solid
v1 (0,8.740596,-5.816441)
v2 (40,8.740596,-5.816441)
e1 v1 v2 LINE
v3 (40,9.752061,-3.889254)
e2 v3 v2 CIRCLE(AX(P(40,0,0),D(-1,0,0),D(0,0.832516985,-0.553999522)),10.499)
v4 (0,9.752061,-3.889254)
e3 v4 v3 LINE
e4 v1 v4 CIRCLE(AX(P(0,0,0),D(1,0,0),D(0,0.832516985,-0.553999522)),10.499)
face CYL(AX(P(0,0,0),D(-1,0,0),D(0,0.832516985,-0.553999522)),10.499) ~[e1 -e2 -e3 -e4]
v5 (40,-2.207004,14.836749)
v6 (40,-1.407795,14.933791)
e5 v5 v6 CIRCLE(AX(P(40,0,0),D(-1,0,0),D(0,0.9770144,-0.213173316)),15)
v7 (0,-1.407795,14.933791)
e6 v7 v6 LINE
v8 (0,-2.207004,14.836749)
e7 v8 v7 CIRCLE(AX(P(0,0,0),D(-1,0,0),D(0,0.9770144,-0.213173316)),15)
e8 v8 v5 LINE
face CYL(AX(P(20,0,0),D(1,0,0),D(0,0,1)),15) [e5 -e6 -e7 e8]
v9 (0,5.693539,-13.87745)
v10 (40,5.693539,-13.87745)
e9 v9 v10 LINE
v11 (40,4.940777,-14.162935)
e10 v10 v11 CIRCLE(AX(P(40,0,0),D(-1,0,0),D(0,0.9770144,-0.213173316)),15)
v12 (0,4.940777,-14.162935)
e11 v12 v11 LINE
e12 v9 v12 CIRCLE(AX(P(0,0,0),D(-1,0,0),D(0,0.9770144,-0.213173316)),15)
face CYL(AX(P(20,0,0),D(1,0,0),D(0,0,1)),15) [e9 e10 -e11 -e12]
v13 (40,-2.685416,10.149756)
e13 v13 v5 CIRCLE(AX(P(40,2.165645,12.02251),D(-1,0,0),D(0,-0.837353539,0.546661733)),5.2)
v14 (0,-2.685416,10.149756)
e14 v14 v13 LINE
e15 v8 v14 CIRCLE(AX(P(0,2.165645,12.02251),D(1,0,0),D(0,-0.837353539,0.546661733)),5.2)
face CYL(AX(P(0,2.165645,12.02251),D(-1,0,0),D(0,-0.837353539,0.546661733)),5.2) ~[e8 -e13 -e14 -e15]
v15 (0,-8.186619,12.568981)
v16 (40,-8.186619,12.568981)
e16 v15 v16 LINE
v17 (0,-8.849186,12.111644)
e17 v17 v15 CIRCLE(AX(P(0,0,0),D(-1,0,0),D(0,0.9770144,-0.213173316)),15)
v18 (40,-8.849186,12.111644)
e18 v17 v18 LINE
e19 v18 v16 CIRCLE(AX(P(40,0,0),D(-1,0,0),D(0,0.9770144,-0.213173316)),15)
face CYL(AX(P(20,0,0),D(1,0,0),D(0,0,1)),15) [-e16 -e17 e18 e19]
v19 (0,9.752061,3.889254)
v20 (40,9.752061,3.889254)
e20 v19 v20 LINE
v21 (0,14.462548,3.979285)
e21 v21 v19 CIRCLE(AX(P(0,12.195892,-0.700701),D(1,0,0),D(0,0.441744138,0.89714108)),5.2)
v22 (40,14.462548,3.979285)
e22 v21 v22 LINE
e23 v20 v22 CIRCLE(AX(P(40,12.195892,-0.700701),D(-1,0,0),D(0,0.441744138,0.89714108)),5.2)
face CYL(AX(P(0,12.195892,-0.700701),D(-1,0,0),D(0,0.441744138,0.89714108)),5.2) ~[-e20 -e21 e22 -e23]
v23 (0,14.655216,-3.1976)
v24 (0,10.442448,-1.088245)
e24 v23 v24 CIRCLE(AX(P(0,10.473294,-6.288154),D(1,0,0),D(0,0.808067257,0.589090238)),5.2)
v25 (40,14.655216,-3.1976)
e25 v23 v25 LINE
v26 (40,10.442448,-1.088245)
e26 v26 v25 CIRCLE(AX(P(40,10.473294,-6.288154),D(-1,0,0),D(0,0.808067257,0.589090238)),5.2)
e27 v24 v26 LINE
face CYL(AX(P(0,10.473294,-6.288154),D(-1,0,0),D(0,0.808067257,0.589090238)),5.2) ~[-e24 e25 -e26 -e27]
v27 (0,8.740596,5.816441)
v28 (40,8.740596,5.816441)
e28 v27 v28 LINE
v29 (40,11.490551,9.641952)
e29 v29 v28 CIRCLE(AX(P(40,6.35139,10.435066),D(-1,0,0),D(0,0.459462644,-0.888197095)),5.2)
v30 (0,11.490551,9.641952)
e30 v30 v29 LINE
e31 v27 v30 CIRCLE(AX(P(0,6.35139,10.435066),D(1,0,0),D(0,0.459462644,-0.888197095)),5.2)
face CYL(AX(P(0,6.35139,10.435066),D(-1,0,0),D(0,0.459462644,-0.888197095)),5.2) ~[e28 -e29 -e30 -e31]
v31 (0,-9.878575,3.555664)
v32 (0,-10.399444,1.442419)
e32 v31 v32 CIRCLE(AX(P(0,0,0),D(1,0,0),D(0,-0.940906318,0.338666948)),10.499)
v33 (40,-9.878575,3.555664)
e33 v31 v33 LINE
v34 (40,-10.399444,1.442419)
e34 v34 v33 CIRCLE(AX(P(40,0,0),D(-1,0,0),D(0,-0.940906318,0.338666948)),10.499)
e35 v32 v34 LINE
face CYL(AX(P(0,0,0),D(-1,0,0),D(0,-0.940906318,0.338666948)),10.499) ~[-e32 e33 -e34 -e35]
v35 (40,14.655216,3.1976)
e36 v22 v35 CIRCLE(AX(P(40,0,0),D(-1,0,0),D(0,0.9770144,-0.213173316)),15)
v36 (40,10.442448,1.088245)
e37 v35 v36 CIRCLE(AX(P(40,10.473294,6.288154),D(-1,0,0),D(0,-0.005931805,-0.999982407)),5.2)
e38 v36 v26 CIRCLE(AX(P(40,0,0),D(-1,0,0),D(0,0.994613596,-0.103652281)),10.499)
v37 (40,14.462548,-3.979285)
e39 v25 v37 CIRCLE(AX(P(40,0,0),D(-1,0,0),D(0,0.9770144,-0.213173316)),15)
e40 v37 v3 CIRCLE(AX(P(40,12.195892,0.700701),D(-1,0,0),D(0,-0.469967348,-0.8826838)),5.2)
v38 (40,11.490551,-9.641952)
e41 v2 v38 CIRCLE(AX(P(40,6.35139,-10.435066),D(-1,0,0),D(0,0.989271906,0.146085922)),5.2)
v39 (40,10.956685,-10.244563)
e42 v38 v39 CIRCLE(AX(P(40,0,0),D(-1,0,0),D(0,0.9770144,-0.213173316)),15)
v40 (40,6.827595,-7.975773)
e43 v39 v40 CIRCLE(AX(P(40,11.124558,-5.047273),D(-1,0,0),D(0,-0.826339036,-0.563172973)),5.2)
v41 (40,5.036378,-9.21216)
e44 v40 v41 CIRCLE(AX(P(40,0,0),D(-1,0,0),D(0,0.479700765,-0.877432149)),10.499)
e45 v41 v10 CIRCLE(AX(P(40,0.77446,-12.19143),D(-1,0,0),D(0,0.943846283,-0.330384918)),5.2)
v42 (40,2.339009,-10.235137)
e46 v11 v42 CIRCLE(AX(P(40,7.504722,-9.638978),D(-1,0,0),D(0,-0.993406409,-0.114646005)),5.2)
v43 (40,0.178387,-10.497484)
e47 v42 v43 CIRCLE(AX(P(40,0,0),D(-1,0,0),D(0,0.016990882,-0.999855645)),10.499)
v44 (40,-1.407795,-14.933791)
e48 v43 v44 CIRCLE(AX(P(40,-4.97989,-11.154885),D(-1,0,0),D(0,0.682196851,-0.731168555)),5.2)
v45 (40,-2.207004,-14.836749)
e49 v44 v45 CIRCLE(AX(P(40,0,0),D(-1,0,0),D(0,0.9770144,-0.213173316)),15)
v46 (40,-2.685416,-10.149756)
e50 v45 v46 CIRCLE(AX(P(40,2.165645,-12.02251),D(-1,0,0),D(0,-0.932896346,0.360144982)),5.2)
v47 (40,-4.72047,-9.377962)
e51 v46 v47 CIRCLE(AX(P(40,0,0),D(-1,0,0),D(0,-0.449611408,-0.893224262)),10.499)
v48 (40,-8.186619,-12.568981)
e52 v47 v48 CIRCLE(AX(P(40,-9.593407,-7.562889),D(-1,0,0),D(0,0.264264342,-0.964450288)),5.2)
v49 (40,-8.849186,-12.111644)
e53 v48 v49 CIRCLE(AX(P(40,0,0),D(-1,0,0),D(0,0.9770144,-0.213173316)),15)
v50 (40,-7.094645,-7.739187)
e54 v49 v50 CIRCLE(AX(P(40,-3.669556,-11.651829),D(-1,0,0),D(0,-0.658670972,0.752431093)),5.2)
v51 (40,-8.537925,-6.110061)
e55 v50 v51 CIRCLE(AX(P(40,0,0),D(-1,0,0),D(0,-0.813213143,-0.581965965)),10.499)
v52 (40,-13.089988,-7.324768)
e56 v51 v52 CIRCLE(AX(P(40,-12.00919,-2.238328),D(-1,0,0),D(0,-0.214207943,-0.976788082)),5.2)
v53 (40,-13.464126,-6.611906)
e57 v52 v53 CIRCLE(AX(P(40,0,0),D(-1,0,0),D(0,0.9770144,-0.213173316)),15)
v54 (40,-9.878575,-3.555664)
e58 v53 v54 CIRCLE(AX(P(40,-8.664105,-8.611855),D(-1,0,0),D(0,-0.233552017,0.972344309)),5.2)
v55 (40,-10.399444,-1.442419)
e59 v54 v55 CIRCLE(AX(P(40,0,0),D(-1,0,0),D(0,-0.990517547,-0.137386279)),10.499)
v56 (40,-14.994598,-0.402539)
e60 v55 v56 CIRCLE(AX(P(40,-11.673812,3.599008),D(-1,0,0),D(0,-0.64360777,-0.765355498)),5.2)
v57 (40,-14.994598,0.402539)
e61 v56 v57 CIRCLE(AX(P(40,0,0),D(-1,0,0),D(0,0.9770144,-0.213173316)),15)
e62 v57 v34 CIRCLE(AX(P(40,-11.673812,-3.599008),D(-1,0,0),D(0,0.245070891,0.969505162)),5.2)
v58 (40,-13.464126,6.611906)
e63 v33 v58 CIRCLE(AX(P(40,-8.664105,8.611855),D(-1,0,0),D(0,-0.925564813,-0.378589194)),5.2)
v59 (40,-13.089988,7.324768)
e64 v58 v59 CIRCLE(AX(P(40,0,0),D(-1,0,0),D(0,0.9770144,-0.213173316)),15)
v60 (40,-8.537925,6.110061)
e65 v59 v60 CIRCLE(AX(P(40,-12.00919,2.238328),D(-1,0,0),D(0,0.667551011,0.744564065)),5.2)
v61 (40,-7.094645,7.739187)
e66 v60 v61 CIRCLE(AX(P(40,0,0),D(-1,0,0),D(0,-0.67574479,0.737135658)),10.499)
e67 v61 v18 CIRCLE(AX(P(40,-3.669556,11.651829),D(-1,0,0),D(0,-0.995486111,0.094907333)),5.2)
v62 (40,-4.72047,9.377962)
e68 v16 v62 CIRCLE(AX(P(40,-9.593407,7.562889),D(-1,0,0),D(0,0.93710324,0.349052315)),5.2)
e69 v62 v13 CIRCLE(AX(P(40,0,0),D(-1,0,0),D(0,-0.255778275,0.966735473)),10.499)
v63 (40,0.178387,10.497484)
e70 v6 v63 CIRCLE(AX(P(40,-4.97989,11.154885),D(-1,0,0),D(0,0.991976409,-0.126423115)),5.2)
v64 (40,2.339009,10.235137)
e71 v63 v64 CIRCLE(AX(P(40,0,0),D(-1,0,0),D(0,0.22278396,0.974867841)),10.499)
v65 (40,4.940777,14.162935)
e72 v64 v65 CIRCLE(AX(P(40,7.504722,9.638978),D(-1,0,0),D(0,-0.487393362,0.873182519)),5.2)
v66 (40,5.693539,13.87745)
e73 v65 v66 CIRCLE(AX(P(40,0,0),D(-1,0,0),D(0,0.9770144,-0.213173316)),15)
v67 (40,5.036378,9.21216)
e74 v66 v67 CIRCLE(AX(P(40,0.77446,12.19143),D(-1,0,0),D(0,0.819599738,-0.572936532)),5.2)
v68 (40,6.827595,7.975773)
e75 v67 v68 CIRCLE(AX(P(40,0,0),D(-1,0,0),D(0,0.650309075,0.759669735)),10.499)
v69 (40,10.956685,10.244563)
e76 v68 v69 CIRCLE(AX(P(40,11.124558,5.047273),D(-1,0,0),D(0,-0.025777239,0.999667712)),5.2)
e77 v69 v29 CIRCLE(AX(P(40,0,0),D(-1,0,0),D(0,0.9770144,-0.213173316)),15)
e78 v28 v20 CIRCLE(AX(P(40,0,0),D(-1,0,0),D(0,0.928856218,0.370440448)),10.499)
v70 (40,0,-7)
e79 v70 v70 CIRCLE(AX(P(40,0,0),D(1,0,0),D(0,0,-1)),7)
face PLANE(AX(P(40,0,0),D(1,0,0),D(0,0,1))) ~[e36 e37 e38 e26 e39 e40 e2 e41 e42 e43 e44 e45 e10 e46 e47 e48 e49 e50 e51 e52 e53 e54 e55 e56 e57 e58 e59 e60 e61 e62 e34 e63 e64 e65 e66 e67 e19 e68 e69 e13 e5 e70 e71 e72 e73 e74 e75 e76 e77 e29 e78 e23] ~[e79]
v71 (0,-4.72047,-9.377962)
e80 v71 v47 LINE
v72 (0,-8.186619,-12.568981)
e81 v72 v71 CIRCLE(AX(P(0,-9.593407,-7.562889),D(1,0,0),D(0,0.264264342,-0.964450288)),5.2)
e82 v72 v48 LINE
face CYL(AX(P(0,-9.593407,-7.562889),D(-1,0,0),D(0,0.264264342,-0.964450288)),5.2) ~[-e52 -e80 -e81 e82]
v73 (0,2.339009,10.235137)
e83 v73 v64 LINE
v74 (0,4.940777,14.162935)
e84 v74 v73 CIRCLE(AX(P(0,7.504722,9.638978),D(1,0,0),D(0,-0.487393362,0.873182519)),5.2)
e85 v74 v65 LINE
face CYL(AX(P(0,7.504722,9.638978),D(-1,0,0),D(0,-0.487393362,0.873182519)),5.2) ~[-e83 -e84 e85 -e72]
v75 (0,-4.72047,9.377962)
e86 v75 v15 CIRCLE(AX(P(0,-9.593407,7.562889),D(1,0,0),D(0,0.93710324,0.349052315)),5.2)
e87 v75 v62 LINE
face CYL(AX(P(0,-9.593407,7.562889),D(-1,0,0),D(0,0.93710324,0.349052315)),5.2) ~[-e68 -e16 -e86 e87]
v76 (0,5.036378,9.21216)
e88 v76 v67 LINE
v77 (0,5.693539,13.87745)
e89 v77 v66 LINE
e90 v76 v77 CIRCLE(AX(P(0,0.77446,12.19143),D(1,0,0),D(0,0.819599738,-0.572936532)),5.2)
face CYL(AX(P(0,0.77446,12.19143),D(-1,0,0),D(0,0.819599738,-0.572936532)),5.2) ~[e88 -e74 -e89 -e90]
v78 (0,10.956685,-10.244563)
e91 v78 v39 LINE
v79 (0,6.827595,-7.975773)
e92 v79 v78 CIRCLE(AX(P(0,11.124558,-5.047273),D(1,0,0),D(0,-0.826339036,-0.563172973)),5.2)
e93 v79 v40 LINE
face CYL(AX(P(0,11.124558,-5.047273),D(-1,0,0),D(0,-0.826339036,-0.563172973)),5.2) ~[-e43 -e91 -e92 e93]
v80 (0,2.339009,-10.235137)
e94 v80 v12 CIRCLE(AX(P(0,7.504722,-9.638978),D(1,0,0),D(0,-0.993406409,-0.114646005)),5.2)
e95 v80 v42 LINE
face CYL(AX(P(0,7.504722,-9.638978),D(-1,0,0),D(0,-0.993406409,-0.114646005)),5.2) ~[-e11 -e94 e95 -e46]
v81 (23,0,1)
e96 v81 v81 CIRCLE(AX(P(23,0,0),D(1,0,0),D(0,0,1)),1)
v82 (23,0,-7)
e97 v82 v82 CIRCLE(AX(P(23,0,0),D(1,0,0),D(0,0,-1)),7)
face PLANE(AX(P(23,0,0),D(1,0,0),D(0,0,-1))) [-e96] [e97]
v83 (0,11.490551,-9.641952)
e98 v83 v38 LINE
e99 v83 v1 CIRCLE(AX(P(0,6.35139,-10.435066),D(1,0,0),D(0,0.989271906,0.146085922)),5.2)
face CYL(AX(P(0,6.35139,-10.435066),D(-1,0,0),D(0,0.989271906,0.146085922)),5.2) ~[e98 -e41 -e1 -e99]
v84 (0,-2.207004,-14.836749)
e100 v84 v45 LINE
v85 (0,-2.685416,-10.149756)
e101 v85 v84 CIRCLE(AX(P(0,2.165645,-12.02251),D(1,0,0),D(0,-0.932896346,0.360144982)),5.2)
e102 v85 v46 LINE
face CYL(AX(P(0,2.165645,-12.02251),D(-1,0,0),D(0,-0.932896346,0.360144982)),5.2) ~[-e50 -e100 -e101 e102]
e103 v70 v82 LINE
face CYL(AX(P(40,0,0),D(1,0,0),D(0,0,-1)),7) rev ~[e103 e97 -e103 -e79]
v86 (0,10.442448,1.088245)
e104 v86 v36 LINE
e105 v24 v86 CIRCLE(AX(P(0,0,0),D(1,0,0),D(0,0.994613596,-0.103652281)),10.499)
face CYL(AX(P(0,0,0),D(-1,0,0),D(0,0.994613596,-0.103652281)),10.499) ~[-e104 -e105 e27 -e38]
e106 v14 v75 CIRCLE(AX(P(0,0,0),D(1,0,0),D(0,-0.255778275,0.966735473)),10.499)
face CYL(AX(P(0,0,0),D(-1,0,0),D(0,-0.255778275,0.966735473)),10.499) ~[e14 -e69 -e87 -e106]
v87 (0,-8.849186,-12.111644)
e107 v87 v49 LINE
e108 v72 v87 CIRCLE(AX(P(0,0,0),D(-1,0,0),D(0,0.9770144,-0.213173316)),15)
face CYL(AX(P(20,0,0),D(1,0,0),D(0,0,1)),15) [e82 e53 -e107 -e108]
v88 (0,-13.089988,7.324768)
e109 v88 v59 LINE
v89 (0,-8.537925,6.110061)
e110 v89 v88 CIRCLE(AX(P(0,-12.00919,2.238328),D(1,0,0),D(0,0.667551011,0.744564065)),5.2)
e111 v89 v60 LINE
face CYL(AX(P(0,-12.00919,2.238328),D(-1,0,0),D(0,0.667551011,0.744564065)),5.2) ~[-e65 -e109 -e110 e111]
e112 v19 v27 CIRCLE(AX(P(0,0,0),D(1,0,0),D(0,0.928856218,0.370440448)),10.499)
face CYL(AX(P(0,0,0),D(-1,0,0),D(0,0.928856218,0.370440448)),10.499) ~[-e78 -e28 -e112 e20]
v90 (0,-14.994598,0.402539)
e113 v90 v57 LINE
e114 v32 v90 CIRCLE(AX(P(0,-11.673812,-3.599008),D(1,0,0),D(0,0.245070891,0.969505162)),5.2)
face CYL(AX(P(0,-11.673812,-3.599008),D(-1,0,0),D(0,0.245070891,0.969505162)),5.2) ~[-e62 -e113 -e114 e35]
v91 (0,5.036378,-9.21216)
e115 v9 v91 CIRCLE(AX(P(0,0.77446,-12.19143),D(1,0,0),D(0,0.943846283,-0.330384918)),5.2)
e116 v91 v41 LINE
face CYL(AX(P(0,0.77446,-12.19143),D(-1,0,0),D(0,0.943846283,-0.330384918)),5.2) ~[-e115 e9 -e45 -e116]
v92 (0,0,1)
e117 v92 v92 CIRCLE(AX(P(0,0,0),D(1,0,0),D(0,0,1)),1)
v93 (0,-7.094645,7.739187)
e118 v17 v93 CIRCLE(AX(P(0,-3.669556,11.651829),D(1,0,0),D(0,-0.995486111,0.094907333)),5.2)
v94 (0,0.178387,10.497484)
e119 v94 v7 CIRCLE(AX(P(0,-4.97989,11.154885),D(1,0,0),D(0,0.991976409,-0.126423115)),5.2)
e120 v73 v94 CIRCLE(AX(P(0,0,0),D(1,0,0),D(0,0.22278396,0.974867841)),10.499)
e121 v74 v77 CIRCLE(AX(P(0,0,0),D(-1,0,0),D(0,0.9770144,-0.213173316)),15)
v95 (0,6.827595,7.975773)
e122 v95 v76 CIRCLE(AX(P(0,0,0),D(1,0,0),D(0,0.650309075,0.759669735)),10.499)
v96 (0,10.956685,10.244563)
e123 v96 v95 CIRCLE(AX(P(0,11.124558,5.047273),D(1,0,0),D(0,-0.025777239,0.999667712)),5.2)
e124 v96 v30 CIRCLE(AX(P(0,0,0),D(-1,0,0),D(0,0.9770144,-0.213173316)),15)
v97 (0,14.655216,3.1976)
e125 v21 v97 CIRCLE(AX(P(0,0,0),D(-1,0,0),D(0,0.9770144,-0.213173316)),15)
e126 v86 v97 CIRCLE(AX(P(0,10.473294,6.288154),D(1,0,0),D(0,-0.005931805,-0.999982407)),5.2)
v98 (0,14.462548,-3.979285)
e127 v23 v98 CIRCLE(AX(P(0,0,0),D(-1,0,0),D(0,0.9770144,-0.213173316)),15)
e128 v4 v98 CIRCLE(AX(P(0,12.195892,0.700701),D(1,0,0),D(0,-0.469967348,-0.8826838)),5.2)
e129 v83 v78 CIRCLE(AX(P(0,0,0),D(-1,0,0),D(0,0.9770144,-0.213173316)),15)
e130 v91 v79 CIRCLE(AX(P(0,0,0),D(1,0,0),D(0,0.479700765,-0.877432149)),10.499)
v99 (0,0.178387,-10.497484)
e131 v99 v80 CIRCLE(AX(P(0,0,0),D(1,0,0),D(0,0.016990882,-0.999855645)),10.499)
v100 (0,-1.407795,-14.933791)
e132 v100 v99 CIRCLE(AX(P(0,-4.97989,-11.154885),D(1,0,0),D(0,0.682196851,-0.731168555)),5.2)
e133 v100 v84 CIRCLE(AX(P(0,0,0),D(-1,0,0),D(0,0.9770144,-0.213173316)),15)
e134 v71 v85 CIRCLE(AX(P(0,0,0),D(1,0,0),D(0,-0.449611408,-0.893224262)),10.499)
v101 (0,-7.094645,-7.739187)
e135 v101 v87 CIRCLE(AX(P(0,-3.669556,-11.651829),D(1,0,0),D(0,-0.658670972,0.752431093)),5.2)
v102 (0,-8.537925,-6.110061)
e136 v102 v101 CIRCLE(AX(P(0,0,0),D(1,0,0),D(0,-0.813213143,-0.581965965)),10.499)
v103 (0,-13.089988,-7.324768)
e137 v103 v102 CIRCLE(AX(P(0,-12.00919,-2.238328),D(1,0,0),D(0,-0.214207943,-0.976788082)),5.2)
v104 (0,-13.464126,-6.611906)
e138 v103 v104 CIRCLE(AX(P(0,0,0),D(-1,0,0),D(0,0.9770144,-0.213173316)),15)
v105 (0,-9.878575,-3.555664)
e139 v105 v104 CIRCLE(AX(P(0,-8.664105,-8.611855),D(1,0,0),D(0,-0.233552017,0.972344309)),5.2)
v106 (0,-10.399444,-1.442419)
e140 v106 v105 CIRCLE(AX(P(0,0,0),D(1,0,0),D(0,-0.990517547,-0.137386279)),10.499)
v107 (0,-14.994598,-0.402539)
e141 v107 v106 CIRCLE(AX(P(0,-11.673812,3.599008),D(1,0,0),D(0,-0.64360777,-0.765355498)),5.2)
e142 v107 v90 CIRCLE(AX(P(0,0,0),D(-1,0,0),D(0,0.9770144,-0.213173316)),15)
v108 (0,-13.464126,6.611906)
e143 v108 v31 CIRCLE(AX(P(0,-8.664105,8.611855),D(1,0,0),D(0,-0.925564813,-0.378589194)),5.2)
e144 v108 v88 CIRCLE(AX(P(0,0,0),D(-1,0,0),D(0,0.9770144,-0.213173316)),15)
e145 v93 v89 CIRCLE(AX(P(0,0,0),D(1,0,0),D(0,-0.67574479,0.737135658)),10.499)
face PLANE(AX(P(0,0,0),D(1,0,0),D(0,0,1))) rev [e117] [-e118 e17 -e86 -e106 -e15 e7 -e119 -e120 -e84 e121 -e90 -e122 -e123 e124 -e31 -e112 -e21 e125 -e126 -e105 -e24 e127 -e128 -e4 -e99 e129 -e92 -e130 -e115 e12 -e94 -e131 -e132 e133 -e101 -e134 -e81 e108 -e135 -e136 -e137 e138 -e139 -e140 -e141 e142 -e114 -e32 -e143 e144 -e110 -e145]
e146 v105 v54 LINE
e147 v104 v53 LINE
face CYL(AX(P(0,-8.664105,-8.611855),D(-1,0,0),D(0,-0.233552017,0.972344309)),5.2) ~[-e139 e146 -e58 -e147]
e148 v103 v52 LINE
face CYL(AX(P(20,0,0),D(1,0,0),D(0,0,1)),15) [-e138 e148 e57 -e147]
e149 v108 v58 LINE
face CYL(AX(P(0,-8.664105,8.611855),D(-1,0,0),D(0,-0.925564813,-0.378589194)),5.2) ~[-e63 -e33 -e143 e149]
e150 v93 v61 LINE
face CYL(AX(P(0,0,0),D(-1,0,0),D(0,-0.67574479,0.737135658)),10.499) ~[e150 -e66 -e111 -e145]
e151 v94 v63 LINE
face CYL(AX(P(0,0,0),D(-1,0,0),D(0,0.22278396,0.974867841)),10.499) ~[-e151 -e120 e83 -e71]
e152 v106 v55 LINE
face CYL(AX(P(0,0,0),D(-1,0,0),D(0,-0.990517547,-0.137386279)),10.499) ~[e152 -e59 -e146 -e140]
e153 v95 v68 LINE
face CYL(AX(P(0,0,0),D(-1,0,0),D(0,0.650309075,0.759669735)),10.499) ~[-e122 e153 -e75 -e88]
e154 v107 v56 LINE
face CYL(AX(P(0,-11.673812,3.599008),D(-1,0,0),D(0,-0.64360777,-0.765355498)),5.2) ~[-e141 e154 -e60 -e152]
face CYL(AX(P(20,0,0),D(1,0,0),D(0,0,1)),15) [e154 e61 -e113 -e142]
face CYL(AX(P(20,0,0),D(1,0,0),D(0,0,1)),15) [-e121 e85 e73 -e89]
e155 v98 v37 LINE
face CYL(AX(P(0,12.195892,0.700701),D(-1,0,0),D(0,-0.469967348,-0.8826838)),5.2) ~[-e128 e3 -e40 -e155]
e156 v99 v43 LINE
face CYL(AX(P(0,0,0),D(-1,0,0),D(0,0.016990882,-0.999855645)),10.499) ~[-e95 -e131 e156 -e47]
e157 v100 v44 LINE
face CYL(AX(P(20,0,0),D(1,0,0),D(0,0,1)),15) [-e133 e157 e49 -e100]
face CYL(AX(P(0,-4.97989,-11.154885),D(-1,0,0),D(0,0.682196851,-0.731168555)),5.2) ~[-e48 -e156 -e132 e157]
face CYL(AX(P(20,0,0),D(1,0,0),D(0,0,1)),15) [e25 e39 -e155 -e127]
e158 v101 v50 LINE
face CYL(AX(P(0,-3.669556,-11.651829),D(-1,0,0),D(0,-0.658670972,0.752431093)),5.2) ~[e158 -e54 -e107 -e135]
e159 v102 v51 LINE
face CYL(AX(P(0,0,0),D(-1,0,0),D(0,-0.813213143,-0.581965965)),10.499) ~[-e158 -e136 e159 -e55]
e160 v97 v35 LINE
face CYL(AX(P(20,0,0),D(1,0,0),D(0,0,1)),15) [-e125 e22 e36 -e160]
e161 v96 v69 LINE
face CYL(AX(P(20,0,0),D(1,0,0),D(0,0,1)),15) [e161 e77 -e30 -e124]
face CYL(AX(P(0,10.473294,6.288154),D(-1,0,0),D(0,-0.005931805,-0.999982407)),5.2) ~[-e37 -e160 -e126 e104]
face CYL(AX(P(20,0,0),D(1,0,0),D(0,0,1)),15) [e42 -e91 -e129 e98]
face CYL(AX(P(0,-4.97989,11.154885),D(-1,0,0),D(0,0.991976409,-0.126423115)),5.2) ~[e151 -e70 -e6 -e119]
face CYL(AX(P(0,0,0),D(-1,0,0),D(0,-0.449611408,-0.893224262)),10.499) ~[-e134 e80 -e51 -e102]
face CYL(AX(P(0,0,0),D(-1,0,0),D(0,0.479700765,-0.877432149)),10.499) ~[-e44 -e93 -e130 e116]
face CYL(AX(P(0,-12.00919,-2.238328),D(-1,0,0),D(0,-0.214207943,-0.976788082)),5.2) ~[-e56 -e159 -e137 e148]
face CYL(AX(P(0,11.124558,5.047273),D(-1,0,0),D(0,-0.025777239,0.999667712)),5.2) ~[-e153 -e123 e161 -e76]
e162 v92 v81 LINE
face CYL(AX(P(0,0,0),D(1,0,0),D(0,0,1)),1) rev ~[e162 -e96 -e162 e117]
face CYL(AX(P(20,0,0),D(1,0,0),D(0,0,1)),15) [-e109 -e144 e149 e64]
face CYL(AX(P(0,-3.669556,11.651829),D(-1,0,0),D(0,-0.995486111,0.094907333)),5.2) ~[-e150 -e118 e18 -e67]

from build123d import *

# Parameters (mm, degrees)
BASPROSKE_W         = 40
BASPROSKE_H         = 15
TOOTHCUT_DEPTH      = 46.276925691
TEETHCUTS_COUNT     = 13
TEETHCUTS_ANGLE     = 332.307692308
BORSKE_R            = 1
BORE_DEPTH          = 50.0000508
SKETCH_2_R          = 7
CUT_EXTRUDE_1_DEPTH = 17


with BuildPart() as part:
    # BasProSke → Base-Revolve (revolve)
    with BuildSketch(Plane(origin=(0, 0, 0), x_dir=(1, 0, 0), z_dir=(0, 1, 0)), mode=Mode.PRIVATE) as base_revolve_sk:
        with Locations((20, 7.5)):
            Rectangle(BASPROSKE_W, BASPROSKE_H)
    revolve(base_revolve_sk.sketch.rotate(Axis((-10, 0, 0), (1, 0, 0)), 180), axis=Axis((-10, 0, 0), (1, 0, 0)))

    # TooCutSke → ToothCut (cut, through all)
    with BuildSketch(Plane(origin=(0, 0, 0), x_dir=(0, 0, -1), z_dir=(1, 0, 0))):
        with BuildLine():
            ThreePointArc((1.088245291, 10.442448141), (0, 10.499), (-1.088245291, 10.442448141))
            ThreePointArc((-1.088245291, 10.442448141), (-1.646045958, 12.816546547), (-3.224884568, 14.675243258))
            ThreePointArc((-3.224884568, 14.675243258), (0, 15.0254), (3.224884568, 14.675243258))
            ThreePointArc((3.224884568, 14.675243258), (1.646045958, 12.816546547), (1.088245291, 10.442448141))
        make_face()
    toothcut = extrude(amount=TOOTHCUT_DEPTH, mode=Mode.SUBTRACT)

    # TeethCuts: ToothCut ×13 about axis
    teethcuts_axis = Axis((-10, 0, 0), (1, 0, 0))
    for i in range(1, TEETHCUTS_COUNT):
        add(toothcut.rotate(teethcuts_axis, i * TEETHCUTS_ANGLE / (TEETHCUTS_COUNT - 1)), mode=Mode.SUBTRACT)

    # BorSke → Bore (cut, symmetric)
    with BuildSketch(Plane(origin=(0, 0, 0), x_dir=(0, 0, -1), z_dir=(1, 0, 0))):
        with Locations(Location((0, 0, 0), (0, 0, 180))):
            Circle(BORSKE_R)
    extrude(amount=BORE_DEPTH, both=True, mode=Mode.SUBTRACT)

    # 草图2 → 切除-拉伸1 (cut)
    with BuildSketch(Plane(origin=(40, 0, 0), x_dir=(0, 0, -1), z_dir=(1, 0, 0))):
        Circle(SKETCH_2_R)
    extrude(amount=-CUT_EXTRUDE_1_DEPTH, mode=Mode.SUBTRACT)


solid = part.part
